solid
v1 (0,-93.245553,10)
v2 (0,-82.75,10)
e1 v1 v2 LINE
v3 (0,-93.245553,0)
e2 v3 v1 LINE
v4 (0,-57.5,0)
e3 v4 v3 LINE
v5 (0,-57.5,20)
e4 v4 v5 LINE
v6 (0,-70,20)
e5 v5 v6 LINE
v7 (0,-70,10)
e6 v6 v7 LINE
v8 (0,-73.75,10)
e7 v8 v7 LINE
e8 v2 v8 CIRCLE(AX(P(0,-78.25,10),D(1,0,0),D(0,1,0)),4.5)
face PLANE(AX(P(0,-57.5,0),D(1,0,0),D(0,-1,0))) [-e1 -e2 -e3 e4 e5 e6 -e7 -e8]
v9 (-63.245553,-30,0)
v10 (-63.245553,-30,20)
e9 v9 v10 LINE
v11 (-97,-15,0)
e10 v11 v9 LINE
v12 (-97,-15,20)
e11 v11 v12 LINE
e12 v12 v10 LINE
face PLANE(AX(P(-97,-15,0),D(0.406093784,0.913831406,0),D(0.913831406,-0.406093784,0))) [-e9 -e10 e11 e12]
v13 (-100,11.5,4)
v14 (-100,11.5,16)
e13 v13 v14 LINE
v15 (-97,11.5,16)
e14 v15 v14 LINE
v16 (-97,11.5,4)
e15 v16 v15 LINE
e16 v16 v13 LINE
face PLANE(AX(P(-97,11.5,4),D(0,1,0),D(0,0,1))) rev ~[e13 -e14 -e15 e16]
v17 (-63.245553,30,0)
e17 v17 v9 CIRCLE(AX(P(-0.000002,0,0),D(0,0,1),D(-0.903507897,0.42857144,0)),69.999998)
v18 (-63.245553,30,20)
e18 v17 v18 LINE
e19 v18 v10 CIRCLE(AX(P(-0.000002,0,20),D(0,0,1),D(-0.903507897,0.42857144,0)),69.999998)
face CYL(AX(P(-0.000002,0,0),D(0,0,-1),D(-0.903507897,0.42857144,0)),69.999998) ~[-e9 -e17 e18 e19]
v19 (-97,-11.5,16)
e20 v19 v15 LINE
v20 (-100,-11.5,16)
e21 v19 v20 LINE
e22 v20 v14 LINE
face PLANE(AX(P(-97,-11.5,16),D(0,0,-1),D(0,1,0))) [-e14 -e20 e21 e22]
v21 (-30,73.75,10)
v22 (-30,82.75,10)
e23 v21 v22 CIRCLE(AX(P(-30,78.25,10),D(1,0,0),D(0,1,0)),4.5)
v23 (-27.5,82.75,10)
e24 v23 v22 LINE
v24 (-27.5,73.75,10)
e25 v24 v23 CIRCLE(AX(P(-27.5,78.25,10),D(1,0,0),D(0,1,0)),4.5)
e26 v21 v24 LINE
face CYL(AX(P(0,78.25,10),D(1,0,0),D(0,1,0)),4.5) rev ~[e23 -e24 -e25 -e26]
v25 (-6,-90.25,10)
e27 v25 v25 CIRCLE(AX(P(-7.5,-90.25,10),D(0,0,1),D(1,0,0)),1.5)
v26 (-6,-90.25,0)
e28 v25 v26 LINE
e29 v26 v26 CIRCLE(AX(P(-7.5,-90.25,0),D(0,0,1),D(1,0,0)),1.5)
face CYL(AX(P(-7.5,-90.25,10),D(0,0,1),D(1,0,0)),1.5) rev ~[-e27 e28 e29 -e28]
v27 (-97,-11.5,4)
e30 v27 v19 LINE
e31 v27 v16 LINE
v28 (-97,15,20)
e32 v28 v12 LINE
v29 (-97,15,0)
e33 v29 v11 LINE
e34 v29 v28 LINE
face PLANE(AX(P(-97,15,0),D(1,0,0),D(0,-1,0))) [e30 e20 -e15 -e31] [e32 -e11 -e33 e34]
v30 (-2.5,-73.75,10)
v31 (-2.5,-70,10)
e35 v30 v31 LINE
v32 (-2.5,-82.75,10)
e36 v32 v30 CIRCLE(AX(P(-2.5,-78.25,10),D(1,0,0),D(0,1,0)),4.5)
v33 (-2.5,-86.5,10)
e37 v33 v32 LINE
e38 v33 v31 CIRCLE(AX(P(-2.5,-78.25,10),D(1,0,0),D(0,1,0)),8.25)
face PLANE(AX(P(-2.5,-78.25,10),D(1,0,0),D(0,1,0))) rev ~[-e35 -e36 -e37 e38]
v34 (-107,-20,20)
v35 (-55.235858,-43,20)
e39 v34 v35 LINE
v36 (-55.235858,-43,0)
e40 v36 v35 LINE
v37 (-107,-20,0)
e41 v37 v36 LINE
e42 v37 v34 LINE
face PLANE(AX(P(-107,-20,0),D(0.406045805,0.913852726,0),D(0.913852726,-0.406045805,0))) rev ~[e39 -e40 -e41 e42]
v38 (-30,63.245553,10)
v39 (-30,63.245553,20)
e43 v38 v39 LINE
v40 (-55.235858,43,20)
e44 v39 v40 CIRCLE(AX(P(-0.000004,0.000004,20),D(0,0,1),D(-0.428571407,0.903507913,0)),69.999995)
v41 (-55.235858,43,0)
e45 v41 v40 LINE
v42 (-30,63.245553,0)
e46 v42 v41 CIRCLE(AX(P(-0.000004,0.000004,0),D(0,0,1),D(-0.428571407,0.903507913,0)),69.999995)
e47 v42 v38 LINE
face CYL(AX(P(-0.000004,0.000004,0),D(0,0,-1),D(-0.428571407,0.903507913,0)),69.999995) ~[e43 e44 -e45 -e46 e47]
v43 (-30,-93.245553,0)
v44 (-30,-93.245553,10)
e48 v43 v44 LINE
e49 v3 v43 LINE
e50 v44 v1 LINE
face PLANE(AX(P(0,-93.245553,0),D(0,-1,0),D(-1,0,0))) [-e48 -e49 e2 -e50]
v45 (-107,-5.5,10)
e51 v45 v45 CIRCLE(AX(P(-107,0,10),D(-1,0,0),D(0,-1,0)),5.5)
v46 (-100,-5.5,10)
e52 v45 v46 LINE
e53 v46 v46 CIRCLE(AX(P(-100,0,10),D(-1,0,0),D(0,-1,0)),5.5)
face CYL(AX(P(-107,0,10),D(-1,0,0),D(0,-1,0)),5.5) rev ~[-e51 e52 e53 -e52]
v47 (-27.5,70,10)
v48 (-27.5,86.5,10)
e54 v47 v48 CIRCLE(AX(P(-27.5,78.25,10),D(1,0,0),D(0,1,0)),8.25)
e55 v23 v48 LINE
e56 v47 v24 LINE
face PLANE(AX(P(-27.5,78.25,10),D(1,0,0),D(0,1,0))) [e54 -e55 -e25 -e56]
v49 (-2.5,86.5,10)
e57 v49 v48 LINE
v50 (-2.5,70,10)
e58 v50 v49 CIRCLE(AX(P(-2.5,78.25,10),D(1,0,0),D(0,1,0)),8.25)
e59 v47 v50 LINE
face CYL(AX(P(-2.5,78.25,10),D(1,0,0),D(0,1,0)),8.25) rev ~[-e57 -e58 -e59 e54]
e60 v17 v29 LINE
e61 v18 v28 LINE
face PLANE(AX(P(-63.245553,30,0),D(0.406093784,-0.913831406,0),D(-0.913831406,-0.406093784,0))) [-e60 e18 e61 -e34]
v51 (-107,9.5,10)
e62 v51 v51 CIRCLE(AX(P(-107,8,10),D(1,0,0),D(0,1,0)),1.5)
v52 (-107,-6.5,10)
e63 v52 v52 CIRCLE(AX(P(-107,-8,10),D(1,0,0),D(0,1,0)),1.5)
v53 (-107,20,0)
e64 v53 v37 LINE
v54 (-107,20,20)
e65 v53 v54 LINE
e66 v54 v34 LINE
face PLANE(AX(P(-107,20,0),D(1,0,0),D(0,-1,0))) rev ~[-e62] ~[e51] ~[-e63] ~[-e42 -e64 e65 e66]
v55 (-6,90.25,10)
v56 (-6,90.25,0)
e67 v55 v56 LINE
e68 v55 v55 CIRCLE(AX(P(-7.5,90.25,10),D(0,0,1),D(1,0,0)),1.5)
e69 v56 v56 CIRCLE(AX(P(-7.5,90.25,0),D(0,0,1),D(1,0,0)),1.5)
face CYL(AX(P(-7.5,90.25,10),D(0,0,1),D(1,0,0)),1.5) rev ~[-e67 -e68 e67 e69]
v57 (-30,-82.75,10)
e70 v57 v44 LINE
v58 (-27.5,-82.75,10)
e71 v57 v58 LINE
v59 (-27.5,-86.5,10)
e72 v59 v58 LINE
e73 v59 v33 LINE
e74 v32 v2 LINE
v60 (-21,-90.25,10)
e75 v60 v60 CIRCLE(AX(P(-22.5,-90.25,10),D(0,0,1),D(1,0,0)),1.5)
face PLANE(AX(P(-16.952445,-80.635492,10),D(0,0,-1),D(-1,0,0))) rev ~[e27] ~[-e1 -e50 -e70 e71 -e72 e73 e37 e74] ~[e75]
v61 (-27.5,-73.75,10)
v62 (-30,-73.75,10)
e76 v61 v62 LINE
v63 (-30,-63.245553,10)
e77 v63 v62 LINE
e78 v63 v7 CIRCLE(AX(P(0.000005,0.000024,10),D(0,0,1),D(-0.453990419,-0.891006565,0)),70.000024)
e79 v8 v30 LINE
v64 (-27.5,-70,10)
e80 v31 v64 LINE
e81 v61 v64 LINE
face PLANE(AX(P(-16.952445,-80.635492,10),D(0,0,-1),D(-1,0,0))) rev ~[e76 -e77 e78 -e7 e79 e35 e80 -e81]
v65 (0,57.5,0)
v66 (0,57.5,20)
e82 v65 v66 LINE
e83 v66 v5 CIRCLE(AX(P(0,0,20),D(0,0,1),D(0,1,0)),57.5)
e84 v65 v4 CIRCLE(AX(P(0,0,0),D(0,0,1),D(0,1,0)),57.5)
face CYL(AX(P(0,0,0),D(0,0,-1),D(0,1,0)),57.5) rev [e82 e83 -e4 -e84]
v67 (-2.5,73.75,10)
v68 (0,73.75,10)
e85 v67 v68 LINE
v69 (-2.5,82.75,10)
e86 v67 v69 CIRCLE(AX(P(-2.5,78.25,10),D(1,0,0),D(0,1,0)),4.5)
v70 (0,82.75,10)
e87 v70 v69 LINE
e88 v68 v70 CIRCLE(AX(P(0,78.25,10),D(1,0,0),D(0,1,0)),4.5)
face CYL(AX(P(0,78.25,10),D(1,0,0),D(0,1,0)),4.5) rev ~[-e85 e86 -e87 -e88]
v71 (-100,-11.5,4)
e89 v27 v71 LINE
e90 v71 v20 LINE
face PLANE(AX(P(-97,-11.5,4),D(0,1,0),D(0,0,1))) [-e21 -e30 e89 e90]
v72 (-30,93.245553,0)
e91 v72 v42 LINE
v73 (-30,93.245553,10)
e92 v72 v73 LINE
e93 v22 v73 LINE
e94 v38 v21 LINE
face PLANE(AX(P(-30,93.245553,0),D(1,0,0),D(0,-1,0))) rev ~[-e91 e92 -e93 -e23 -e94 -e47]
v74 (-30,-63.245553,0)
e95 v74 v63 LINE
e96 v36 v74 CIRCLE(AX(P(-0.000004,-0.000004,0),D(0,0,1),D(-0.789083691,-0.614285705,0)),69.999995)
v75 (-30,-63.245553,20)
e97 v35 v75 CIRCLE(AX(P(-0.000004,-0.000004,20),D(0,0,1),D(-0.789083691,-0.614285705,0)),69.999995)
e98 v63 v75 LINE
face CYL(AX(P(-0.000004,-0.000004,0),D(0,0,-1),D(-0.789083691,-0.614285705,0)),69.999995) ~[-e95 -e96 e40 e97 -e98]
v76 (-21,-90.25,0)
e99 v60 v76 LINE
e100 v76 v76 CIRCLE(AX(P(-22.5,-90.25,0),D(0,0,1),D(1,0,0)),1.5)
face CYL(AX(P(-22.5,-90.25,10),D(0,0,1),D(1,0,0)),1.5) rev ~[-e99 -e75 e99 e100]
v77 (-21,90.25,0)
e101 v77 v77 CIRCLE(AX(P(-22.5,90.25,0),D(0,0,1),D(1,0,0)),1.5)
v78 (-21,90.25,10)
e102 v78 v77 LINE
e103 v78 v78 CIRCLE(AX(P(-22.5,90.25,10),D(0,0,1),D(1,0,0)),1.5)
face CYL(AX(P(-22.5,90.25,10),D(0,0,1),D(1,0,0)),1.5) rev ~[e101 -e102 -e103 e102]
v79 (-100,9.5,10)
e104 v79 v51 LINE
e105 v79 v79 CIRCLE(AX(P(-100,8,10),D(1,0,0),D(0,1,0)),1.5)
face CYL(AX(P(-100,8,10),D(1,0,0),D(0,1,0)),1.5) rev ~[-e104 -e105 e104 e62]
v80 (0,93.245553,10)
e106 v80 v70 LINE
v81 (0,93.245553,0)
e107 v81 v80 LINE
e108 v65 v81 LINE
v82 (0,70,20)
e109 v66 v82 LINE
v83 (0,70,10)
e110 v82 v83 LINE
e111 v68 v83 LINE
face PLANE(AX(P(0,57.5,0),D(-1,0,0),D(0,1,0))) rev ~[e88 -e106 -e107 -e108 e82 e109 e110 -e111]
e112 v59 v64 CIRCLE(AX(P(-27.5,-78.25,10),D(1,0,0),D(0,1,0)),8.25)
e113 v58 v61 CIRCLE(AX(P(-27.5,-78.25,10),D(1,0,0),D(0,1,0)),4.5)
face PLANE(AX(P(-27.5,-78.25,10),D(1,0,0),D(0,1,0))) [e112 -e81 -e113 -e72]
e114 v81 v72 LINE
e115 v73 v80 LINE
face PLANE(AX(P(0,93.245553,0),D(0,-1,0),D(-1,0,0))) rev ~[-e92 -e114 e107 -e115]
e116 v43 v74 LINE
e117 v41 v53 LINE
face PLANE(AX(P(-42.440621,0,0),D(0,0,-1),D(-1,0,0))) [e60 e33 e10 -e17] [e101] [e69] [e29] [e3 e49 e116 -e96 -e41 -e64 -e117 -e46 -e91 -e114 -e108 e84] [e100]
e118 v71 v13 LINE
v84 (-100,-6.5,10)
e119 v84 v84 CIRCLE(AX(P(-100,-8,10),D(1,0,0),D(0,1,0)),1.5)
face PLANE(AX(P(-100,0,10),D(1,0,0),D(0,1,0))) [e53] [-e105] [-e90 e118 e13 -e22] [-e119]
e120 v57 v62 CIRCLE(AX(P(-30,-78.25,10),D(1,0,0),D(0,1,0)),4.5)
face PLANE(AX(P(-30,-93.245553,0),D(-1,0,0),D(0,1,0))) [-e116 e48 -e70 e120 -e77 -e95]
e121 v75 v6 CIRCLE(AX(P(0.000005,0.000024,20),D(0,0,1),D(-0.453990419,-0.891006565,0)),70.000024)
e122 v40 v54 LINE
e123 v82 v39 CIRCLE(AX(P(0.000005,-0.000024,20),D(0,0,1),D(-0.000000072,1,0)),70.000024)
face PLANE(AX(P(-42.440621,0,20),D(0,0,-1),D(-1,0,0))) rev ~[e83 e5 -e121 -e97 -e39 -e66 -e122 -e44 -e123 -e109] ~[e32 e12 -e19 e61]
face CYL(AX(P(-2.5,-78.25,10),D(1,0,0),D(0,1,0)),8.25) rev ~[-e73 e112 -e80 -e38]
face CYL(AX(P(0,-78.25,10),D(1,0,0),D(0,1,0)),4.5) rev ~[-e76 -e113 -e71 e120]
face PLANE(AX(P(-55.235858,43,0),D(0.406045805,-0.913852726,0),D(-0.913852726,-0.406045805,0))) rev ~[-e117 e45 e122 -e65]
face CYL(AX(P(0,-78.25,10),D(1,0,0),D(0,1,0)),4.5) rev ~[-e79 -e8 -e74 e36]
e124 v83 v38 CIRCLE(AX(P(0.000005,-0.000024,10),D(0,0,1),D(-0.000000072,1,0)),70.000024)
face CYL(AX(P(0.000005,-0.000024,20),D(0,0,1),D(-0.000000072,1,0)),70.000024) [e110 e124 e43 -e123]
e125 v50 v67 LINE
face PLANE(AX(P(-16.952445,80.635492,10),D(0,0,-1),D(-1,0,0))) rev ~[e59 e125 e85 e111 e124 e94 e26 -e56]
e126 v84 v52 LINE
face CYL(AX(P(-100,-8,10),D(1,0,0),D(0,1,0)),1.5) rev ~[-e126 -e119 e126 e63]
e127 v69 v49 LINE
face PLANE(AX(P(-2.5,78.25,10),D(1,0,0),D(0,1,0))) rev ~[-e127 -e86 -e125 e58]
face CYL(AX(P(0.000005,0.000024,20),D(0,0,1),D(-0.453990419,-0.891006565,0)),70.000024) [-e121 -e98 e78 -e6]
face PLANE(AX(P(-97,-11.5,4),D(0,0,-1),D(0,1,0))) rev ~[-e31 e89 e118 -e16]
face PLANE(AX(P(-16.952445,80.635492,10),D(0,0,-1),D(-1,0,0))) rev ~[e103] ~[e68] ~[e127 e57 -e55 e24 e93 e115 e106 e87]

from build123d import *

# Parameters (mm, degrees)
PAD_DEPTH       = 20
SKETCH001_R     = 4.5
POCKET_DEPTH    = 107.001
SKETCH002_R     = 8.25
POCKET001_DEPTH = 25
POCKET002_DEPTH = 10
SKETCH004_R     = 1.5
POCKET003_DEPTH = 10.001
SKETCH005_R     = 5.5
POCKET004_DEPTH = 10
SKETCH006_W     = 23
SKETCH006_H     = 12
POCKET005_DEPTH = 3
SKETCH007_R     = 1.5
POCKET006_DEPTH = 7.001


with BuildPart() as part:
    # Sketch → Pad (new body)
    with BuildSketch(Plane.XY):
        with BuildLine():
            ThreePointArc((0, 57.5), (-57.5, 0), (0, -57.5))
            Line((0, -57.5), (0, -93.245553))
            Line((0, -93.245553), (-30, -93.245553))
            Line((-30, -93.245553), (-30, -63.245553))
            ThreePointArc((-55.235858, -43), (-43.803635, -54.600747), (-30, -63.245553))
            Line((-107, -20), (-55.235858, -43))
            Line((-107, 20), (-107, -20))
            Line((-55.235858, 43), (-107, 20))
            ThreePointArc((-30, 63.245553), (-43.803635, 54.600747), (-55.235858, 43))
            Line((-30, 93.245553), (-30, 63.245553))
            Line((0, 93.245553), (-30, 93.245553))
            Line((0, 57.5), (0, 93.245553))
        make_face()
        with BuildLine():
            Line((-63.245553, 30), (-97, 15))
            Line((-97, 15), (-97, -15))
            Line((-97, -15), (-63.245553, -30))
            ThreePointArc((-63.245553, 30), (-70, 0), (-63.245553, -30))
        make_face(mode=Mode.SUBTRACT)
    extrude(amount=PAD_DEPTH)

    # Sketch001 (on Face2 of Pad) → Pocket (cut, through all)
    with BuildSketch(Plane.YZ):
        with Locations((-78.25, 10)):
            Circle(SKETCH001_R)
        with Locations((78.25, 10)):
            Circle(SKETCH001_R)
    extrude(amount=-POCKET_DEPTH, mode=Mode.SUBTRACT)

    # Sketch002 (on Face3 of Pocket) → Pocket001 (cut)
    with BuildSketch(Plane.YZ.offset(-2.5)):
        with Locations((-78.25, 10)):
            Circle(SKETCH002_R)
        with Locations((78.25, 10)):
            Circle(SKETCH002_R)
    extrude(amount=-POCKET001_DEPTH, mode=Mode.SUBTRACT)

    # Sketch003 (on Face5 of Pocket001) → Pocket002 (cut)
    with BuildSketch(Plane.XY.offset(20)):
        with BuildLine():
            ThreePointArc((0, 70), (-16.341175, 68.065894), (-31.779335, 62.370457))
            Line((-31.779335, 62.370457), (-31.779335, 95))
            Line((-31.779335, 95), (0, 95))
            Line((0, 95), (0, 70))
        make_face()
        with BuildLine():
            ThreePointArc((-31.779335, -62.370457), (-16.341175, -68.065894), (0, -70))
            Line((0, -95), (0, -70))
            Line((-31.779335, -95), (0, -95))
            Line((-31.779335, -62.370457), (-31.779335, -95))
        make_face()
    extrude(amount=-POCKET002_DEPTH, mode=Mode.SUBTRACT)

    # Sketch004 (on Face11 of Pocket002) → Pocket003 (cut, through all)
    with BuildSketch(Plane.XY.offset(10)):
        with Locations((-22.5, 90.25)):
            Circle(SKETCH004_R)
        with Locations((-7.5, 90.25)):
            Circle(SKETCH004_R)
        with Locations((-7.5, -90.25)):
            Circle(SKETCH004_R)
        with Locations((-22.5, -90.25)):
            Circle(SKETCH004_R)
    extrude(amount=-POCKET003_DEPTH, mode=Mode.SUBTRACT)

    # Sketch005 (on Face20 of Pocket003) → Pocket004 (cut)
    with BuildSketch(Plane(origin=(-107, 0, 0), x_dir=(0, -1, 0), z_dir=(-1, 0, 0))):
        with Locations((0, 10)):
            Circle(SKETCH005_R)
    extrude(amount=-POCKET004_DEPTH, mode=Mode.SUBTRACT)

    # Sketch006 (on Face25 of Pocket004) → Pocket005 (cut)
    with BuildSketch(Plane.YZ.offset(-97)):
        with Locations((0, 10)):
            Rectangle(SKETCH006_W, SKETCH006_H)
    extrude(amount=-POCKET005_DEPTH, mode=Mode.SUBTRACT)

    # Sketch007 (on Face42 of Pocket005) → Pocket006 (cut, through all)
    with BuildSketch(Plane.YZ.offset(-100)):
        with Locations((-8, 10)):
            Circle(SKETCH007_R)
        with Locations((8, 10)):
            Circle(SKETCH007_R)
    extrude(amount=-POCKET006_DEPTH, mode=Mode.SUBTRACT)


solid = part.part
